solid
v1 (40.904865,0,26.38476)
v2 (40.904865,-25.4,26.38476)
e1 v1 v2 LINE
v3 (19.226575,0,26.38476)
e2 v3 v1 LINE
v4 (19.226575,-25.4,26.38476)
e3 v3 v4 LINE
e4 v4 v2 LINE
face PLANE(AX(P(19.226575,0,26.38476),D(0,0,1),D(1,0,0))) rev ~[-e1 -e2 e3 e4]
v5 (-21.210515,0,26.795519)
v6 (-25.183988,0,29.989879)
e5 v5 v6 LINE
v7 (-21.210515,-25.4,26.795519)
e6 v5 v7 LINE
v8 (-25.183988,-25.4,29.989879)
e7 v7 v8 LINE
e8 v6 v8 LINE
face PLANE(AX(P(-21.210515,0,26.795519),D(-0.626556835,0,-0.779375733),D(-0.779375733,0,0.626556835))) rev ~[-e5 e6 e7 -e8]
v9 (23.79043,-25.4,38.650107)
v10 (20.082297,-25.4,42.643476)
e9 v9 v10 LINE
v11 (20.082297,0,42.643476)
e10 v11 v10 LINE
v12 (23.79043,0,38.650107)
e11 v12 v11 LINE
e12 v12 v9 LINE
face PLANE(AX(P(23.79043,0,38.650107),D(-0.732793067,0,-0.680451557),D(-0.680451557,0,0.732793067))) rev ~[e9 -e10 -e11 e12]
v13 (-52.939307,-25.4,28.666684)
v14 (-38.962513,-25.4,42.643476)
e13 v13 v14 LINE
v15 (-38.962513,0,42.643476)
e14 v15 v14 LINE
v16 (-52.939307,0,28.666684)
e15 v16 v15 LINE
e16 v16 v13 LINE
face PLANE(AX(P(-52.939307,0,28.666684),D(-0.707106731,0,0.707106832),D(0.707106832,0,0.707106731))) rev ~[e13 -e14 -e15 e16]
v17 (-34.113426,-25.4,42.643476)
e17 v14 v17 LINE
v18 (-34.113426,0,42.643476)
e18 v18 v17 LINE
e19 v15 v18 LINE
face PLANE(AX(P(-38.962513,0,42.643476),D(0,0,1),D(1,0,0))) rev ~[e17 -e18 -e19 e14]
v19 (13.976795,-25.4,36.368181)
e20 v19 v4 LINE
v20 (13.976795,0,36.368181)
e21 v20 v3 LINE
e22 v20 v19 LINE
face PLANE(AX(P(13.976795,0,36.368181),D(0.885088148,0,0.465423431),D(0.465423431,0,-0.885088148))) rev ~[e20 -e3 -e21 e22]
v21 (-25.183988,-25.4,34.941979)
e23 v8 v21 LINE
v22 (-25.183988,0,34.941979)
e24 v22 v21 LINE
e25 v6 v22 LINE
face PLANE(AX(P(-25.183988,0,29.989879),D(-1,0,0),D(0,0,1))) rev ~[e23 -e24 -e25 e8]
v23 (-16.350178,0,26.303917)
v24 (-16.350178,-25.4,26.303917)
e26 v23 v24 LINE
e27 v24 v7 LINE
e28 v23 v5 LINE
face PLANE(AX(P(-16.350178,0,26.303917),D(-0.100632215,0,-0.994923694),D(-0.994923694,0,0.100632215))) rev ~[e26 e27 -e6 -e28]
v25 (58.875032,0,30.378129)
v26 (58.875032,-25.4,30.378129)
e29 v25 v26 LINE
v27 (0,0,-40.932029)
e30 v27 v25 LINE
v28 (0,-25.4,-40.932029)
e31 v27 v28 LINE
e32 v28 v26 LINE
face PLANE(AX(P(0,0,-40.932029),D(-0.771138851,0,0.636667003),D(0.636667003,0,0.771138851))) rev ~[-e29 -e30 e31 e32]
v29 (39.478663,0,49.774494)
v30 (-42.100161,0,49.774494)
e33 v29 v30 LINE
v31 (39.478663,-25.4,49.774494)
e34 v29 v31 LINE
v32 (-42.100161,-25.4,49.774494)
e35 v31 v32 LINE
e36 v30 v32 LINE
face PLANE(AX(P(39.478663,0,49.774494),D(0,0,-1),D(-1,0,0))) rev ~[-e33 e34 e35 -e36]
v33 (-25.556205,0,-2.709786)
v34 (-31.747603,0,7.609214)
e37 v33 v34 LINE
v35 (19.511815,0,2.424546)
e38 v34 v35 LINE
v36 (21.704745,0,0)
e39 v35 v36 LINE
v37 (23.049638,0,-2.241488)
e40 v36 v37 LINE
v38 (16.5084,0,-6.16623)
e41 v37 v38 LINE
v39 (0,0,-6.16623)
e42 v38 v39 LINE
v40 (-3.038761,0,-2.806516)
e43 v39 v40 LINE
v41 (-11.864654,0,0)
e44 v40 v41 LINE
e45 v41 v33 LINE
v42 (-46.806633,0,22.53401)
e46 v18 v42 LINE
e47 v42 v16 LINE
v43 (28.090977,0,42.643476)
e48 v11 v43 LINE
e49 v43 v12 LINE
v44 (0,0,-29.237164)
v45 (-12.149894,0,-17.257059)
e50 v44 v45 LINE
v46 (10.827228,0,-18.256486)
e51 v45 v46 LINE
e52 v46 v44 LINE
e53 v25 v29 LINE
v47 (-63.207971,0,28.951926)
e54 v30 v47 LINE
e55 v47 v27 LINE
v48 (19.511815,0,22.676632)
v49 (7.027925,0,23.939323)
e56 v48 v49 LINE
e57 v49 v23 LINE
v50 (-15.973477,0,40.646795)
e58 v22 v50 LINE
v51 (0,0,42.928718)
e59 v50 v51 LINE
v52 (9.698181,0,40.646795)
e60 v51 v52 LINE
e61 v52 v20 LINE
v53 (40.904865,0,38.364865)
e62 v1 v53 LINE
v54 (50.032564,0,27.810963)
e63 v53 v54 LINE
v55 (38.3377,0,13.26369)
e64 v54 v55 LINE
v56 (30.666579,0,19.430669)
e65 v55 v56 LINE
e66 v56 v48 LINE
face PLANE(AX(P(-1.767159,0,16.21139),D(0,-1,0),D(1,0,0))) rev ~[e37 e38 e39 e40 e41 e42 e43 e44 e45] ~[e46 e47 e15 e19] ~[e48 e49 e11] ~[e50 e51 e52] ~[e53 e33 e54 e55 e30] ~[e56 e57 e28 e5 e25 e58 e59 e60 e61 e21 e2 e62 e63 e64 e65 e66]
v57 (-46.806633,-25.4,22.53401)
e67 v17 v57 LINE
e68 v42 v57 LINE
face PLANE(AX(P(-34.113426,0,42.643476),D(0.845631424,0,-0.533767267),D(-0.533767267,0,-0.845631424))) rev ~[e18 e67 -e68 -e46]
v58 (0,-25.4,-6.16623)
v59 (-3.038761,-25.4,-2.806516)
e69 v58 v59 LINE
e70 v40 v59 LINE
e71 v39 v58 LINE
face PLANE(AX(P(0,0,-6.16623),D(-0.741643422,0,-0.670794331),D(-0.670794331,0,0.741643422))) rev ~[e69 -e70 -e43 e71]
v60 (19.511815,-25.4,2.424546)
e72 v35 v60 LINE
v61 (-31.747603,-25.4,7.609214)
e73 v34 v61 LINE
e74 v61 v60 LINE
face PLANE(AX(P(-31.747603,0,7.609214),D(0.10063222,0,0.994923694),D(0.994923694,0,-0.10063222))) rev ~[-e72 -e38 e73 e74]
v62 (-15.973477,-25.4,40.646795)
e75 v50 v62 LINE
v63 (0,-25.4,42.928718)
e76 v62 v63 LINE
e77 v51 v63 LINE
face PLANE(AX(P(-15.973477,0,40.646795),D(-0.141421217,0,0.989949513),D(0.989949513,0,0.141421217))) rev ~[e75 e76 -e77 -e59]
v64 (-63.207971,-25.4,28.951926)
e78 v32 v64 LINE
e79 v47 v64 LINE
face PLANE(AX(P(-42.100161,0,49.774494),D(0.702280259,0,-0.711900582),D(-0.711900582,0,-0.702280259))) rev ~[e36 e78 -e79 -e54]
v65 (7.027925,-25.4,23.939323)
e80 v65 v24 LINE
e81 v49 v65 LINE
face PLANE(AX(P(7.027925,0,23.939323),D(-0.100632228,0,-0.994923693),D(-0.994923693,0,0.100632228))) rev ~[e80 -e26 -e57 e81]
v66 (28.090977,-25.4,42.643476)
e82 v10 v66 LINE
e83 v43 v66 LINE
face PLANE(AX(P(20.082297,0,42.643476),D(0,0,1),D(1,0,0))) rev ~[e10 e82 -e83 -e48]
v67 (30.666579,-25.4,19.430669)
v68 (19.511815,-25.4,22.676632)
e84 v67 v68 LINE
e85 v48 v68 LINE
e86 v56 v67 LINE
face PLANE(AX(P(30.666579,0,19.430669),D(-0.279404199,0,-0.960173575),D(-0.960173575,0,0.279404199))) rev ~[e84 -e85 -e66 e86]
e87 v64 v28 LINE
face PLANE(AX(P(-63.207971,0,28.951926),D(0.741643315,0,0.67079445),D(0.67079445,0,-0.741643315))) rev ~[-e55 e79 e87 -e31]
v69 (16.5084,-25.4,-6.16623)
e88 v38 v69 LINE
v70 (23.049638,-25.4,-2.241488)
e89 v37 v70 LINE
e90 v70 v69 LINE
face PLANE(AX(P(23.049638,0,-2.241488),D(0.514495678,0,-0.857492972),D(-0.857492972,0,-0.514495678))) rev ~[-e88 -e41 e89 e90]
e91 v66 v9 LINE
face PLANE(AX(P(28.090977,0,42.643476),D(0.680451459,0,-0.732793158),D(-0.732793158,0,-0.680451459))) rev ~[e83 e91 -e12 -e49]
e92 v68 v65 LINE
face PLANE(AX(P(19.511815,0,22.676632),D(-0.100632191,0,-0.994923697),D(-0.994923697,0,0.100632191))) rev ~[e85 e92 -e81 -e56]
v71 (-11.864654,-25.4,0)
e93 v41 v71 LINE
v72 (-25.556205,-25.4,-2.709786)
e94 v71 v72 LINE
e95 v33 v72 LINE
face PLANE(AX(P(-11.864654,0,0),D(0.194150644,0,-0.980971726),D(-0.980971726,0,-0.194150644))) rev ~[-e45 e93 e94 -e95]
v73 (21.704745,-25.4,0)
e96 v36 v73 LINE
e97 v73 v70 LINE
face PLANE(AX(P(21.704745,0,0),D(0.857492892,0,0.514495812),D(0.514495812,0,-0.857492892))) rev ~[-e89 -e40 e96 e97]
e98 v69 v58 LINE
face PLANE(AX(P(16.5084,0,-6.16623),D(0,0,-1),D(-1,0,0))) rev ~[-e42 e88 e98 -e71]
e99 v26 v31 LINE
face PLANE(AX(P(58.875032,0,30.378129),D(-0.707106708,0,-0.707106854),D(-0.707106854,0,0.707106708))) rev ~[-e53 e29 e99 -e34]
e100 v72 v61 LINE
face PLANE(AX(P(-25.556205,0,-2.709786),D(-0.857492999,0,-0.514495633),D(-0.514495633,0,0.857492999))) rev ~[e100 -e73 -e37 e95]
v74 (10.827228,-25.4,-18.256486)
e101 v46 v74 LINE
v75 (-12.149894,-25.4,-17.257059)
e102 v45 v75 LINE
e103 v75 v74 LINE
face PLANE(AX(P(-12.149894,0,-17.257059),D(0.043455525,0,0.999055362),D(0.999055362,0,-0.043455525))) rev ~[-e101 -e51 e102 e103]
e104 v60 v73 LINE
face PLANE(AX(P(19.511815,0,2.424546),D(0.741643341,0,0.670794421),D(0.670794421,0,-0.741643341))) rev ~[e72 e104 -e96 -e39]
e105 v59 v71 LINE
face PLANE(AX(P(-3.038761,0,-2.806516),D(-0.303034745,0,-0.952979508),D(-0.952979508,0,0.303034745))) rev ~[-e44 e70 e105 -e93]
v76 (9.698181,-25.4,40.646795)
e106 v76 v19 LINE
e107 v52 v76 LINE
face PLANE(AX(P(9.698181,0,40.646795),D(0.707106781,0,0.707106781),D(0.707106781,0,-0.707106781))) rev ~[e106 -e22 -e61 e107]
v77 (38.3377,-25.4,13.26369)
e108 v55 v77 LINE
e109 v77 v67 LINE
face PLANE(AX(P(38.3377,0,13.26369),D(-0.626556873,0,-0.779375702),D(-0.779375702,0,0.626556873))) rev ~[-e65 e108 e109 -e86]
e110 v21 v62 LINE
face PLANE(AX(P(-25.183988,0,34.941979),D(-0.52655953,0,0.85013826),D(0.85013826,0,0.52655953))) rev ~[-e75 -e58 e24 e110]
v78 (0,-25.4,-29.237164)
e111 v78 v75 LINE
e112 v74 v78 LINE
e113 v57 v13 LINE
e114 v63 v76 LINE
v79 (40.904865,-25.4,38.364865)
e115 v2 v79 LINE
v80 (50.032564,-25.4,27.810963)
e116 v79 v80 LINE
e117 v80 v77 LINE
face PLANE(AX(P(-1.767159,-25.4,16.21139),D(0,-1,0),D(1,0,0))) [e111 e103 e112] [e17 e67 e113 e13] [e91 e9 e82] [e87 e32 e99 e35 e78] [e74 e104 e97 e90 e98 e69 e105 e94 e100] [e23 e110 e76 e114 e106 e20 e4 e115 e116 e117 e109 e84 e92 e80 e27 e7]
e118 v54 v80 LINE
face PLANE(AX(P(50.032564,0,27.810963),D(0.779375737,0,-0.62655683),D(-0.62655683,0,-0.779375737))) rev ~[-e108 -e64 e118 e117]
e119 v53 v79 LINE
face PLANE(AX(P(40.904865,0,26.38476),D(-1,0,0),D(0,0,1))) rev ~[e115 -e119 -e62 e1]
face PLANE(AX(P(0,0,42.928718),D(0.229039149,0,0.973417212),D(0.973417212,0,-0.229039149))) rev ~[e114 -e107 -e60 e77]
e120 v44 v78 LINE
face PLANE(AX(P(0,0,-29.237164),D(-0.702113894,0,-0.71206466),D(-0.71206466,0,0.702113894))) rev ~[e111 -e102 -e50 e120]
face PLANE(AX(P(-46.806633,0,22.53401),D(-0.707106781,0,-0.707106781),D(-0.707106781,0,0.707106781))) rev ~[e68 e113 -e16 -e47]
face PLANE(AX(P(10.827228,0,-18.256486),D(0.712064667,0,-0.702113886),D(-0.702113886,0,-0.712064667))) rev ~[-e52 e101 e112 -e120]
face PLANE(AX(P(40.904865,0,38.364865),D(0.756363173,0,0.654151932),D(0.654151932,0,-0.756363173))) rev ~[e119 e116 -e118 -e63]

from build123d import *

# Parameters (mm, degrees)
F1_DEPTH = 25.4


with BuildPart() as f1:
    # F0 (on Front) → F1 (new body)
    with BuildSketch(Plane.XZ):
        Polygon((39.478663, 49.774494), (-42.100161, 49.774494), (-63.207971, 28.951926), (0, -40.932029), (58.875032, 30.378129), align=None)
        Polygon((-25.556205, -2.709786), (-31.747603, 7.609214), (19.511815, 2.424546), (21.704745, 0), (23.049638, -2.241488), (16.5084, -6.16623), (0, -6.16623), (-3.038761, -2.806516), (-11.864654, 0), align=None, mode=Mode.SUBTRACT)
        Polygon((0, -29.237164), (-12.149894, -17.257059), (10.827228, -18.256486), align=None, mode=Mode.SUBTRACT)
        Polygon((-52.939307, 28.666684), (-38.962513, 42.643476), (-34.113426, 42.643476), (-46.806633, 22.53401), align=None, mode=Mode.SUBTRACT)
        Polygon((40.904865, 26.38476), (40.904865, 38.364865), (50.032564, 27.810963), (38.3377, 13.26369), (30.666579, 19.430669), (19.511815, 22.676632), (7.027925, 23.939323), (-16.350178, 26.303917), (-21.210515, 26.795519), (-25.183988, 29.989879), (-25.183988, 34.941979), (-15.973477, 40.646795), (0, 42.928718), (9.698181, 40.646795), (13.976795, 36.368181), (19.226575, 26.38476), align=None, mode=Mode.SUBTRACT)
        Polygon((23.79043, 38.650107), (20.082297, 42.643476), (28.090977, 42.643476), align=None, mode=Mode.SUBTRACT)
    extrude(amount=F1_DEPTH)


solid = f1.part
